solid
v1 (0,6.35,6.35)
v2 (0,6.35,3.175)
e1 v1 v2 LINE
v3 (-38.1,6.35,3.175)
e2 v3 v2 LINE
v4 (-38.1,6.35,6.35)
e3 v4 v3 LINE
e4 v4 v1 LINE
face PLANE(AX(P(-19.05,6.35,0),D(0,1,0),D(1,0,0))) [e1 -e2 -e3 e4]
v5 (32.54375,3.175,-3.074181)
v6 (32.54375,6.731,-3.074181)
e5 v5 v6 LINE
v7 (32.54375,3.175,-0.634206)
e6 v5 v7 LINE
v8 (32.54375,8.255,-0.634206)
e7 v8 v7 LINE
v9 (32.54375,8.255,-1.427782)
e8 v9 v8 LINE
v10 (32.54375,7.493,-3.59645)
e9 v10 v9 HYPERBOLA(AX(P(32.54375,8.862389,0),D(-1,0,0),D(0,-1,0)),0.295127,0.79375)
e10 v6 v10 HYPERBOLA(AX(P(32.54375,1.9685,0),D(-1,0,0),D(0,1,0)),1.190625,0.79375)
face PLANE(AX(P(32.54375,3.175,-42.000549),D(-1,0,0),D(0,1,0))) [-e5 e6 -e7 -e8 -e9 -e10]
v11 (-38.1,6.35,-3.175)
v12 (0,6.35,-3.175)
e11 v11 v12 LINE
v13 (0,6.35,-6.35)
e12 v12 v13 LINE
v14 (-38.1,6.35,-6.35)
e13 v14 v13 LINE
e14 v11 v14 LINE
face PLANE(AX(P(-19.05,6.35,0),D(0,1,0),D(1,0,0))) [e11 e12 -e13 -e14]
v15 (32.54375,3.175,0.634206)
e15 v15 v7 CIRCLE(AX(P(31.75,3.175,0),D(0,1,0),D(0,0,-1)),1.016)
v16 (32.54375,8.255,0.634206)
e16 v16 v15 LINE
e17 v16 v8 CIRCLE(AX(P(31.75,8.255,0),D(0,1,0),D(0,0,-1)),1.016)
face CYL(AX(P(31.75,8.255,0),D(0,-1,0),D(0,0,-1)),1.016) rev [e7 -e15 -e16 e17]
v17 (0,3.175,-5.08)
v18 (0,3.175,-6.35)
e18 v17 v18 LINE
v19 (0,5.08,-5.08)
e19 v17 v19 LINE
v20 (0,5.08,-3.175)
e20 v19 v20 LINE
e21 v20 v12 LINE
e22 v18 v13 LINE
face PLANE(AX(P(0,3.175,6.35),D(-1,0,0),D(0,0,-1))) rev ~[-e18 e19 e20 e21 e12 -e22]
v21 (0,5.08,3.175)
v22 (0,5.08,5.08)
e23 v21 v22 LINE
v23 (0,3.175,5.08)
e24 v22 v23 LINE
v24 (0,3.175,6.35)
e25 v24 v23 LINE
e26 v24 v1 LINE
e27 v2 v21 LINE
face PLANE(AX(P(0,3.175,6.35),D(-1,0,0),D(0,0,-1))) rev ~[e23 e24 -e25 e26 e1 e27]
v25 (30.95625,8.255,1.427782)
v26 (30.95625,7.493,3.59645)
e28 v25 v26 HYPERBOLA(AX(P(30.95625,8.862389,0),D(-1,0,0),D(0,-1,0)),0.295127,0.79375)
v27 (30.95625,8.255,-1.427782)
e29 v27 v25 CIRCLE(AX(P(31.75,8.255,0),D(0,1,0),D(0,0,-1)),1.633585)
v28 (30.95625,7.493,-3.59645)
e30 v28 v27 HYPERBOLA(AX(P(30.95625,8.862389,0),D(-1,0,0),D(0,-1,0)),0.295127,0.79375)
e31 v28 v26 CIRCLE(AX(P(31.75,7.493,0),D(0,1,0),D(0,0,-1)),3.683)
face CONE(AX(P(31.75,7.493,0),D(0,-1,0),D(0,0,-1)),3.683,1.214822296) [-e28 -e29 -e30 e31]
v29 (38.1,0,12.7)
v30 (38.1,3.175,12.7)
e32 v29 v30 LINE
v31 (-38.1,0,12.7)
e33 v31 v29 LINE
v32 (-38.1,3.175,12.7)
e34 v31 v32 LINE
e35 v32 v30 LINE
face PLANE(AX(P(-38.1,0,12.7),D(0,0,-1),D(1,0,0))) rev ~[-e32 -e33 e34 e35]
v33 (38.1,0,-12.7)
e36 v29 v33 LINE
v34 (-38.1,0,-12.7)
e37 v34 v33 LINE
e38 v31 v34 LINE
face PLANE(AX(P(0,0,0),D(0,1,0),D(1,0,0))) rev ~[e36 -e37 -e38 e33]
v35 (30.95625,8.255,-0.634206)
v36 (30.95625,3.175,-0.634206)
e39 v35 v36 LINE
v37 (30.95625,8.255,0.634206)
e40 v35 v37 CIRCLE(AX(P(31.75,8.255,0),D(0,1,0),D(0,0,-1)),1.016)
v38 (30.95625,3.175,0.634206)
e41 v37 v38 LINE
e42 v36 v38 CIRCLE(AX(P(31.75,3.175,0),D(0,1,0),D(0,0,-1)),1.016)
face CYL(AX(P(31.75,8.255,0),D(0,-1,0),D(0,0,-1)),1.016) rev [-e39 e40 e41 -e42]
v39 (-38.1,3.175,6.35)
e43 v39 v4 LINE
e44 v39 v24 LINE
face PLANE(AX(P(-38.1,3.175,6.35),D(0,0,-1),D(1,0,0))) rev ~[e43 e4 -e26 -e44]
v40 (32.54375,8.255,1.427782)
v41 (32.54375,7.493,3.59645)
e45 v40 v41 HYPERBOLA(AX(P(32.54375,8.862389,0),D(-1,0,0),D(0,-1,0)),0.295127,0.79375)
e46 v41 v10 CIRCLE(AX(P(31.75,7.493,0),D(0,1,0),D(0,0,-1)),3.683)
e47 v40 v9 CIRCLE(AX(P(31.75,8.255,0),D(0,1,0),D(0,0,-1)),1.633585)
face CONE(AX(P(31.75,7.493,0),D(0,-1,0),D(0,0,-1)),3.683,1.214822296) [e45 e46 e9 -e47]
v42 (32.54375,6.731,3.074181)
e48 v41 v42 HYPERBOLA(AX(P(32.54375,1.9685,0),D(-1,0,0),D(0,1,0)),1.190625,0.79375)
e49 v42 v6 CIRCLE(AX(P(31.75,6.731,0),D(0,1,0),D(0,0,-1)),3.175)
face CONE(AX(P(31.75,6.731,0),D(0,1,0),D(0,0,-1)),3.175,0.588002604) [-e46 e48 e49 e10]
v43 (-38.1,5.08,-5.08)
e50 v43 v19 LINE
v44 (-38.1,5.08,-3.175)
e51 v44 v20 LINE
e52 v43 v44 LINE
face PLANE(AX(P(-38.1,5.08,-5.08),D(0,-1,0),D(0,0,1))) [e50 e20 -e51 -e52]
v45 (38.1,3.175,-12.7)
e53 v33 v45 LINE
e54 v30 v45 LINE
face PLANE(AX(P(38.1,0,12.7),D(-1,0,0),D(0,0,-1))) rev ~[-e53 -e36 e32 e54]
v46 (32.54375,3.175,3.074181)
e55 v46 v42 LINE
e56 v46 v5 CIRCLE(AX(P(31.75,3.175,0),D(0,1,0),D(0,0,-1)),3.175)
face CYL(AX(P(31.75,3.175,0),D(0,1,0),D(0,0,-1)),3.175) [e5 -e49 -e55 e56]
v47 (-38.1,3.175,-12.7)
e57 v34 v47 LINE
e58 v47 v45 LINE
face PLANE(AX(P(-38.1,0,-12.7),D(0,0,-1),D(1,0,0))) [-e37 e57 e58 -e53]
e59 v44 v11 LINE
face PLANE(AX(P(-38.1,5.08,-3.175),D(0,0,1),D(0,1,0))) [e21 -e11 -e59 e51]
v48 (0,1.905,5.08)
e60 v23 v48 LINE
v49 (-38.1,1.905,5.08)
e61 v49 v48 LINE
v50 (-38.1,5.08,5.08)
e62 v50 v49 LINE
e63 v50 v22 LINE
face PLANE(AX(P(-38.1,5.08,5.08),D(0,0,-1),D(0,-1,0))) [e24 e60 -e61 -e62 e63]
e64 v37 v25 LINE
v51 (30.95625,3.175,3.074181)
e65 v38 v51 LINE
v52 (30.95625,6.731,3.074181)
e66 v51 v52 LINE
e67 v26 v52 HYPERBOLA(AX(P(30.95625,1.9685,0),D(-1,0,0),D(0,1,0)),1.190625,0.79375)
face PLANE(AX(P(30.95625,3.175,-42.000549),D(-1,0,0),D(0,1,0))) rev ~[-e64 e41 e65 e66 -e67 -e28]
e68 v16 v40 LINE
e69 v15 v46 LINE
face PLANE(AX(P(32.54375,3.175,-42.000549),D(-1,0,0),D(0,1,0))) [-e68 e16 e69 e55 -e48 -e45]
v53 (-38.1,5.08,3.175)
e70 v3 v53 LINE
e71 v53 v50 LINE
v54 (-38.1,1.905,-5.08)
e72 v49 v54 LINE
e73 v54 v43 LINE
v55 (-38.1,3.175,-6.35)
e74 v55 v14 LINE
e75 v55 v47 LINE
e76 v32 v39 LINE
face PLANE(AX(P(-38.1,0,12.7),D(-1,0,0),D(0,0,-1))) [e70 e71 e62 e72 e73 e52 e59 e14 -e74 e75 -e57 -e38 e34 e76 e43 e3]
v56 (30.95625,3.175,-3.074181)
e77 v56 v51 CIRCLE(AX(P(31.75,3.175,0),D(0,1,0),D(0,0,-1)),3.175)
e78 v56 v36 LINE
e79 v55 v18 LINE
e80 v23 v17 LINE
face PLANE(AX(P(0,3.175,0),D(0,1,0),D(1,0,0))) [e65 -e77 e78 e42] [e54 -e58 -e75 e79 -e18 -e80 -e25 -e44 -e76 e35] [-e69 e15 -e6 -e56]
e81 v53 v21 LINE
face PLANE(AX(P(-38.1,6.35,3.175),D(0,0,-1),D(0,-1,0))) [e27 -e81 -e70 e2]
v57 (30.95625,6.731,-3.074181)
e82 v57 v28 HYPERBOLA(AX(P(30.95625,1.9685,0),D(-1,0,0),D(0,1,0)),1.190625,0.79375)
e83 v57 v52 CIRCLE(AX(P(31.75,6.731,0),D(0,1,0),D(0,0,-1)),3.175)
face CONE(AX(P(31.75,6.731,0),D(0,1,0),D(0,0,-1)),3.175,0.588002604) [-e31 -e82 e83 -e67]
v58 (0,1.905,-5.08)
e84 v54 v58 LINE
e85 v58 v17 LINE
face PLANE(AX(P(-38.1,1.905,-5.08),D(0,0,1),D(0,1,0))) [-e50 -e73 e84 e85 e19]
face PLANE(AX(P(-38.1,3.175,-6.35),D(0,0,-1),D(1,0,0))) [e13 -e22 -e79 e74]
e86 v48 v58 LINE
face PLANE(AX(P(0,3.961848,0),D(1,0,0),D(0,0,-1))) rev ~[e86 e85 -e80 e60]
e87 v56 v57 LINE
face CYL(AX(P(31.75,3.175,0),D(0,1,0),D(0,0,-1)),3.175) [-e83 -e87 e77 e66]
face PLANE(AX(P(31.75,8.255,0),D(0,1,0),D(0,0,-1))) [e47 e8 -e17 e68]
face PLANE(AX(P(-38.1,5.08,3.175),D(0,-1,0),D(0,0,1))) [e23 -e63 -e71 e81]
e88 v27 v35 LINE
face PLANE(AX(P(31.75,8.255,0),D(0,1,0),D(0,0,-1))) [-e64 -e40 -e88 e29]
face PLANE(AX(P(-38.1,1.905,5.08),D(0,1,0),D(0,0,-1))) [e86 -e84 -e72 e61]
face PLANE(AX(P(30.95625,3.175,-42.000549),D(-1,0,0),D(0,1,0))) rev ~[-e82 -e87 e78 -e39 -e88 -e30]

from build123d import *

# Parameters (mm, degrees)
SKETCH3_W               = 76.2
SKETCH3_H               = 25.4
BOSS_EXTRUDE1_DEPTH     = 3.175
SKETCH4_W               = 38.1
SKETCH4_H               = 12.7
BOSS_EXTRUDE2_DEPTH     = 3.175
CUT_EXTRUDE1_DEPTH      = 38.1
CUT_EXTRUDE3_DEPTH      = 42.000549082
CUT_EXTRUDE3_DEPTH_BACK = 42.000549082
SKETCH12_W              = 1.5875
SKETCH12_H              = 10.16


with BuildPart() as part:
    # Sketch3 → Boss-Extrude1 (new body)
    with BuildSketch(Plane(origin=(0, 0, 0), x_dir=(1, 0, 0), z_dir=(0, 1, 0))):
        Rectangle(SKETCH3_W, SKETCH3_H)
    extrude(amount=BOSS_EXTRUDE1_DEPTH)

    # Sketch4 → Boss-Extrude2 (add)
    with BuildSketch(Plane(origin=(0, 3.175, 0), x_dir=(1, 0, 0), z_dir=(0, 1, 0))):
        with Locations((-19.05, 0)):
            Rectangle(SKETCH4_W, SKETCH4_H)
    extrude(amount=BOSS_EXTRUDE2_DEPTH)

    # Sketch6 → Cut-Extrude1 (cut)
    with BuildSketch(Plane.ZY.offset(38.1)):
        Polygon((-5.08, 1.905), (-5.08, 5.08), (-3.175, 5.08), (-3.175, 6.35), (3.175, 6.35), (3.175, 5.08), (5.08, 5.08), (5.08, 1.905), align=None)
    extrude(amount=-CUT_EXTRUDE1_DEPTH, mode=Mode.SUBTRACT)

    # Sketch11 → Revolve1 (revolve)
    with BuildSketch(Plane.XY, mode=Mode.PRIVATE) as revolve1_sk:
        Polygon((30.734, 3.175), (28.575, 3.175), (28.575, 6.731), (28.067, 7.493), (30.116415016, 8.255), (30.734, 8.255), align=None)
    revolve(revolve1_sk.sketch.rotate(Axis((31.75, 3.175, 0), (0, 1, 0)), 270), axis=Axis((31.75, 3.175, 0), (0, 1, 0)))

    # Sketch12 → Cut-Extrude3 (cut, two sides: drawn at the far end of the back side and taken through both)
    with BuildSketch(Plane.XY.offset(-CUT_EXTRUDE3_DEPTH_BACK)):
        with Locations((31.75, 8.255)):
            Rectangle(SKETCH12_W, SKETCH12_H)
    extrude(amount=CUT_EXTRUDE3_DEPTH + CUT_EXTRUDE3_DEPTH_BACK, mode=Mode.SUBTRACT)


solid = part.part
